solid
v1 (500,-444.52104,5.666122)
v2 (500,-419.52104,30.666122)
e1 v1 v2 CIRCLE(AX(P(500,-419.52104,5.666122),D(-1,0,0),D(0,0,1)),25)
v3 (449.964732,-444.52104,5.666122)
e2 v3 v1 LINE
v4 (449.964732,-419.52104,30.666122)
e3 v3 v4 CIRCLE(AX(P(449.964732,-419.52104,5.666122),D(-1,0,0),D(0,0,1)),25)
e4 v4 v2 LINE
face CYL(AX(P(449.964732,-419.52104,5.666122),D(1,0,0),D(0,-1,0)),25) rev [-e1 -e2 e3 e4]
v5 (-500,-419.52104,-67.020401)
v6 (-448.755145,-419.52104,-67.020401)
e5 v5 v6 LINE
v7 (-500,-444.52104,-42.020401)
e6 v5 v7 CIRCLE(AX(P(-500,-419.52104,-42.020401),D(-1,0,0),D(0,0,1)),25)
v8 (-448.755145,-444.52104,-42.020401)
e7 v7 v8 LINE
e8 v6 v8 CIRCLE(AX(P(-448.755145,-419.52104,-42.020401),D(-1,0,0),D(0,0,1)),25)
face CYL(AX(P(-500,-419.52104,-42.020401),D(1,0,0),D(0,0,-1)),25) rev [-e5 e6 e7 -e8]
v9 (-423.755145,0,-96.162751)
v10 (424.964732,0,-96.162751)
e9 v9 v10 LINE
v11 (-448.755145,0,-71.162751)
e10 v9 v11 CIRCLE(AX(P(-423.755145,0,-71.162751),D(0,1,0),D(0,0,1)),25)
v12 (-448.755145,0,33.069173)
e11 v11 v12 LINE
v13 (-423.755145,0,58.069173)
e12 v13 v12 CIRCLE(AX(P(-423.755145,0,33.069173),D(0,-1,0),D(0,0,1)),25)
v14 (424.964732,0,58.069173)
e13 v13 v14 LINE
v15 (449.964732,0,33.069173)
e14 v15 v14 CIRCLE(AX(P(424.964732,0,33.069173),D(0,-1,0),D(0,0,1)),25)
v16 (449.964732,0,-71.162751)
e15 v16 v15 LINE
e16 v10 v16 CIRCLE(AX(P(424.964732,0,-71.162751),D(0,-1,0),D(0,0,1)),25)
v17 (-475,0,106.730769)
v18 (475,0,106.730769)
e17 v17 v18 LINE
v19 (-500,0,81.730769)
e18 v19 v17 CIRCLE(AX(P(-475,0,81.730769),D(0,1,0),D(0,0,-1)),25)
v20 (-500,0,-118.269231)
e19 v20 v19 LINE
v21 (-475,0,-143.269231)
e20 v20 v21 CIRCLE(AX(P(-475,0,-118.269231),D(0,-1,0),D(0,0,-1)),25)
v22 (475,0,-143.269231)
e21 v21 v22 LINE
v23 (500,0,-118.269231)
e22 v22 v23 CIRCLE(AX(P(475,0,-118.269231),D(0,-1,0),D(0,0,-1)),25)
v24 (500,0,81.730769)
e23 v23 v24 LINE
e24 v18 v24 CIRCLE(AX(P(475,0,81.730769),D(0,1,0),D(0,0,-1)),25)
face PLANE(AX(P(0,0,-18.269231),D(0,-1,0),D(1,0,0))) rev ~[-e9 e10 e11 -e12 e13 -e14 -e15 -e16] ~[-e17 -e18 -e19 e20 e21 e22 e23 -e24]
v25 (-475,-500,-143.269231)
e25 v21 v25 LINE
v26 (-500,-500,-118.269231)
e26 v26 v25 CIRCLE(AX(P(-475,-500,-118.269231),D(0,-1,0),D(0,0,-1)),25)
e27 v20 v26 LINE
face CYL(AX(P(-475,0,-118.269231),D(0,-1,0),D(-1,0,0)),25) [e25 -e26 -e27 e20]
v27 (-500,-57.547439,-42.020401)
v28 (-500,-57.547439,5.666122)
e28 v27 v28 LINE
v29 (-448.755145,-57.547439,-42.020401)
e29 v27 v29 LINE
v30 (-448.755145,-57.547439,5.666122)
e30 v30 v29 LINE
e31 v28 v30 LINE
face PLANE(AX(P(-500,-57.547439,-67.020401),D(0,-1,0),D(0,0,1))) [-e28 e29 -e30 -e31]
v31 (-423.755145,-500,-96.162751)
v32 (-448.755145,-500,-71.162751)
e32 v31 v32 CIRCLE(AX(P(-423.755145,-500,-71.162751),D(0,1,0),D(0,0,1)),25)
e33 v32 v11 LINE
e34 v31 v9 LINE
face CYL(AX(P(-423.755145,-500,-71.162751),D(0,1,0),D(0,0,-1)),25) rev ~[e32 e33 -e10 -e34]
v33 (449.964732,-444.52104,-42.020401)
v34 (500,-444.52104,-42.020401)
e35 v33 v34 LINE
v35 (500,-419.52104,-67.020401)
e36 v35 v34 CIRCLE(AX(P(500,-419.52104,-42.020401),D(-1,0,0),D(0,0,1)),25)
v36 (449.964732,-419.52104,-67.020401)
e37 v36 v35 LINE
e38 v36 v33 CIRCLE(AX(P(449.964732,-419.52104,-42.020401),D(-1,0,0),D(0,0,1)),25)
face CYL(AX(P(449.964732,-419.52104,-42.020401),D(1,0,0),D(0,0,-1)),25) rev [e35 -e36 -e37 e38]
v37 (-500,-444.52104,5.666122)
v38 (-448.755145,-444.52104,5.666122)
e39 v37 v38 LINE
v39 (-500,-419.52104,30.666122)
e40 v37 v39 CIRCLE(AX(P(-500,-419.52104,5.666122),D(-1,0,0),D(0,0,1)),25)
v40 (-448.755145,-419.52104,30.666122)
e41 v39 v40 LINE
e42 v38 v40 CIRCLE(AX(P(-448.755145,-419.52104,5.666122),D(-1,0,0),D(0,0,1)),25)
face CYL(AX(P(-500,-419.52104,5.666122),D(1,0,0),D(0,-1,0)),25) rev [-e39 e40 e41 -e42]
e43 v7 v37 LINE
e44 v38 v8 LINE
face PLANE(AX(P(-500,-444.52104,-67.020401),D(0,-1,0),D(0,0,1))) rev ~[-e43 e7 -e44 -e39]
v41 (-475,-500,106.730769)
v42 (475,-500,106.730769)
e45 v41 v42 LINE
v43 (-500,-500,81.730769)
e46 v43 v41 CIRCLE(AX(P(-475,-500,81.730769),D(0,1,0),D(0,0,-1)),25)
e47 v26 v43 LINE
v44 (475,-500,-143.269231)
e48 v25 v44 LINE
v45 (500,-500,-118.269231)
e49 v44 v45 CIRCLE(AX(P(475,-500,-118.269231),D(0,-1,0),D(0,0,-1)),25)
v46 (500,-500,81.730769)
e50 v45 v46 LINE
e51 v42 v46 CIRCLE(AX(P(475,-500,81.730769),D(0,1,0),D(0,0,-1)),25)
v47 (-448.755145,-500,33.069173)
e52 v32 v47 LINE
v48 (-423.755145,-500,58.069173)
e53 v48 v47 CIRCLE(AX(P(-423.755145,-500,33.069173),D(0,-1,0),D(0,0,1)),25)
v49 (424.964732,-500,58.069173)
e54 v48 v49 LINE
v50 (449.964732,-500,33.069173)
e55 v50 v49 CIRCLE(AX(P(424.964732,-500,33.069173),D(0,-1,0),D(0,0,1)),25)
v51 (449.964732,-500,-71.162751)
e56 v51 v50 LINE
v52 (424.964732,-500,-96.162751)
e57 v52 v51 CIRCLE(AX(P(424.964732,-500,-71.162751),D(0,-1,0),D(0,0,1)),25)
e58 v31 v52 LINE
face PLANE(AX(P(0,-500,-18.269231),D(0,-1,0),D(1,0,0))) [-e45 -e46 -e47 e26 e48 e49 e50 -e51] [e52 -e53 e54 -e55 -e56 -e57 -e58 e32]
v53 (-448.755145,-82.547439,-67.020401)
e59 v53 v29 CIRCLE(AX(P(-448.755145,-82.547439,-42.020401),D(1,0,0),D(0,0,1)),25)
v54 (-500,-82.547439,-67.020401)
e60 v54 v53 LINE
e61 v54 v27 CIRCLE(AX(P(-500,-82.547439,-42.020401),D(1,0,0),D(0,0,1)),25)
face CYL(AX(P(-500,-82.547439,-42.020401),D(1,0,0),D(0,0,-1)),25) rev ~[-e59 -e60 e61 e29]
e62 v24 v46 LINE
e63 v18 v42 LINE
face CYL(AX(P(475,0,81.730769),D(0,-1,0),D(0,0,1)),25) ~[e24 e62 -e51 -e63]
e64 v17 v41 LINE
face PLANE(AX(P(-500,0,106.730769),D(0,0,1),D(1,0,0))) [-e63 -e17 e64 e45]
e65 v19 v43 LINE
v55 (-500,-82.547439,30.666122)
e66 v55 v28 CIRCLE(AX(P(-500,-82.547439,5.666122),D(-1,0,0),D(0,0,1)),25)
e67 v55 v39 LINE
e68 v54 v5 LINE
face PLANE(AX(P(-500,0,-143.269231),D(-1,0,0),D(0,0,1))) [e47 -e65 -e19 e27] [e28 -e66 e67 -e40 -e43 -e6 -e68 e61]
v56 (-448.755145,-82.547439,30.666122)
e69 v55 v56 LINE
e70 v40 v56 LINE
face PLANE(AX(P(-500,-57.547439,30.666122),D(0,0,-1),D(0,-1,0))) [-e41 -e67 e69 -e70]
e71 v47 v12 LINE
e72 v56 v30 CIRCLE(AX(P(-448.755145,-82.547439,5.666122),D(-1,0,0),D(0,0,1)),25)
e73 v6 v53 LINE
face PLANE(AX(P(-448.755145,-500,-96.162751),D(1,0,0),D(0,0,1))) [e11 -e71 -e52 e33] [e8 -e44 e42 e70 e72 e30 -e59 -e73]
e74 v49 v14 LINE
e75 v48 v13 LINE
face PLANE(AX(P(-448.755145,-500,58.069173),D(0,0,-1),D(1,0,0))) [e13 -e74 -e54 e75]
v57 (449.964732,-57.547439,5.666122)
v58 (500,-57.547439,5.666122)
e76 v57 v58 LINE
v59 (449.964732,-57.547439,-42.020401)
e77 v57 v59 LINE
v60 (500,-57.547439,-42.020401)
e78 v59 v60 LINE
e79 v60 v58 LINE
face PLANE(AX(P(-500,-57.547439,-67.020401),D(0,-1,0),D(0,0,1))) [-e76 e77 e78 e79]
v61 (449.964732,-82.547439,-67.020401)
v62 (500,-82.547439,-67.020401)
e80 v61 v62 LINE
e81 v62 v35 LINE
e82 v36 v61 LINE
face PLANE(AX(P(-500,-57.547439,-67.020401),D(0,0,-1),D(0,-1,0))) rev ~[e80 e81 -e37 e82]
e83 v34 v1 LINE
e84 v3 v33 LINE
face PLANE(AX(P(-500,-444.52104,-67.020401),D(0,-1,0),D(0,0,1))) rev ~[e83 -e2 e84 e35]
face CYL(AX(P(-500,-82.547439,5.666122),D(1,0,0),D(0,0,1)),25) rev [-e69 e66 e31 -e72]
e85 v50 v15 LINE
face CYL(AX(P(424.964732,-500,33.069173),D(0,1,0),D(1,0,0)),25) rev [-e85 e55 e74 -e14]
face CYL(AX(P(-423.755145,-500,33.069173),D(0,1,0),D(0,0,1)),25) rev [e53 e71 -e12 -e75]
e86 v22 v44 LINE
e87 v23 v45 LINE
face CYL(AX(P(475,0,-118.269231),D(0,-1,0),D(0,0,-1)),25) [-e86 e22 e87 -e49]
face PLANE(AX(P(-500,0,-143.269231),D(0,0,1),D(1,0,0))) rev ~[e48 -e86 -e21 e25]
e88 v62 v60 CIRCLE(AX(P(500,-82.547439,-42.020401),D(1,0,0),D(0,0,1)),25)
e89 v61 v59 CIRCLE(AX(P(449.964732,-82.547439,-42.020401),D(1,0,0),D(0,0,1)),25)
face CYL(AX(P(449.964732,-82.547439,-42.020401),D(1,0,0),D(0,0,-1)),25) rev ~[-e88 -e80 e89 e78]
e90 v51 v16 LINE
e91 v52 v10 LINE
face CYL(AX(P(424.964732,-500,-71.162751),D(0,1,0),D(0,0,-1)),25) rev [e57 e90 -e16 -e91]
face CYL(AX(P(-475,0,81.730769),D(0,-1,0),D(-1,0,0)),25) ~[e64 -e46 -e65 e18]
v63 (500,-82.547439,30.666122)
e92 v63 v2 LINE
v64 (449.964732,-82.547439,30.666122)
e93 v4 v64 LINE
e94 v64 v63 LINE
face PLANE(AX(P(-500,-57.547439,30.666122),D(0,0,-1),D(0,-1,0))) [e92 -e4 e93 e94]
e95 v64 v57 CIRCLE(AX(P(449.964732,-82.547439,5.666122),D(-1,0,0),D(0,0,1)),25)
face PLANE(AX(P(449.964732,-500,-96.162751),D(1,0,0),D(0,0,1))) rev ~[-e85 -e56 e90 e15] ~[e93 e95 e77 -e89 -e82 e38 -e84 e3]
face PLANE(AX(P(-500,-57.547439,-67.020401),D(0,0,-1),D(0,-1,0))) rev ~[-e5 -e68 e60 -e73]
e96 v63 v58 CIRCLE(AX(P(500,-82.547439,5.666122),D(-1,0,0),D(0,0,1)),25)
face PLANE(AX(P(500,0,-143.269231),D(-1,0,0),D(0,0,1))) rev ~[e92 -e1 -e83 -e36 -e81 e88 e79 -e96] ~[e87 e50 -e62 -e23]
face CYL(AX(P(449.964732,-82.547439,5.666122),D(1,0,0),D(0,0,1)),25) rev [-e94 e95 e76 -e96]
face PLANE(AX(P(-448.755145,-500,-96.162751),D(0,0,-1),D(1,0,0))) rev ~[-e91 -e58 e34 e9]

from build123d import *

# Parameters (mm, degrees)
F0_W     = 2000
F0_H     = 500
F1_DEPTH = 1000
F2_W     = 1797.4397540092
F2_H     = 308.4638491273
F3_DEPTH = 1000.001
F4_R     = 50
F5_W     = 773.9472016692
F5_H     = 195.3730471432
F6_DEPTH = 2000.001
F7_R     = 50
F8_SCALE = 0.5


with BuildPart() as f1:
    # F0 (on Front) → F1 (new body)
    with BuildSketch(Plane.XZ):
        with Locations((0, -36.5384618746)):
            Rectangle(F0_W, F0_H)
    extrude(amount=F1_DEPTH)

    # F2 (on face) → F3 (cut, through all)
    with BuildSketch(Plane.XZ.offset(1000)):
        with Locations((1.2095868587, -38.0935780704)):
            Rectangle(F2_W, F2_H)
    extrude(amount=-F3_DEPTH, mode=Mode.SUBTRACT)

    # F4
    f4_edges = [f1.edges().sort_by_distance(p)[0] for p in [
        (1000, -500, 213.461538),
        (1000, -500, -286.538462),
        (-1000, -500, 213.461538),
        (-1000, -500, -286.538462),
        (-897.51029, -500, 116.138346),
        (-897.51029, -500, -192.325503),
        (899.929464, -500, 116.138346),
        (899.929464, -500, -192.325503),
    ]]
    fillet(f4_edges, radius=F4_R)

    # F5 (on face) → F6 (cut, through all)
    with BuildSketch(Plane(origin=(-1000, 0, 0), x_dir=(0, -1, 0), z_dir=(-1, 0, 0))):
        with Locations((502.0684786141, -36.3542791456)):
            Rectangle(F5_W, F5_H)
    extrude(amount=-F6_DEPTH, mode=Mode.SUBTRACT)

    # F7
    f7_edges = [f1.edges().sort_by_distance(p)[0] for p in [
        (949.964732, -115.094878, 61.332244),
        (949.964732, -889.042079, 61.332244),
        (949.964732, -115.094878, -134.040803),
        (949.964732, -889.042079, -134.040803),
        (-948.755145, -889.042079, -134.040803),
        (-948.755145, -889.042079, 61.332244),
        (-948.755145, -115.094878, 61.332244),
        (-948.755145, -115.094878, -134.040803),
    ]]
    fillet(f7_edges, radius=F7_R)


with BuildPart() as f1_1:
    # F8: moved
    add(f1.part.scale(F8_SCALE))


solid = f1_1.part
